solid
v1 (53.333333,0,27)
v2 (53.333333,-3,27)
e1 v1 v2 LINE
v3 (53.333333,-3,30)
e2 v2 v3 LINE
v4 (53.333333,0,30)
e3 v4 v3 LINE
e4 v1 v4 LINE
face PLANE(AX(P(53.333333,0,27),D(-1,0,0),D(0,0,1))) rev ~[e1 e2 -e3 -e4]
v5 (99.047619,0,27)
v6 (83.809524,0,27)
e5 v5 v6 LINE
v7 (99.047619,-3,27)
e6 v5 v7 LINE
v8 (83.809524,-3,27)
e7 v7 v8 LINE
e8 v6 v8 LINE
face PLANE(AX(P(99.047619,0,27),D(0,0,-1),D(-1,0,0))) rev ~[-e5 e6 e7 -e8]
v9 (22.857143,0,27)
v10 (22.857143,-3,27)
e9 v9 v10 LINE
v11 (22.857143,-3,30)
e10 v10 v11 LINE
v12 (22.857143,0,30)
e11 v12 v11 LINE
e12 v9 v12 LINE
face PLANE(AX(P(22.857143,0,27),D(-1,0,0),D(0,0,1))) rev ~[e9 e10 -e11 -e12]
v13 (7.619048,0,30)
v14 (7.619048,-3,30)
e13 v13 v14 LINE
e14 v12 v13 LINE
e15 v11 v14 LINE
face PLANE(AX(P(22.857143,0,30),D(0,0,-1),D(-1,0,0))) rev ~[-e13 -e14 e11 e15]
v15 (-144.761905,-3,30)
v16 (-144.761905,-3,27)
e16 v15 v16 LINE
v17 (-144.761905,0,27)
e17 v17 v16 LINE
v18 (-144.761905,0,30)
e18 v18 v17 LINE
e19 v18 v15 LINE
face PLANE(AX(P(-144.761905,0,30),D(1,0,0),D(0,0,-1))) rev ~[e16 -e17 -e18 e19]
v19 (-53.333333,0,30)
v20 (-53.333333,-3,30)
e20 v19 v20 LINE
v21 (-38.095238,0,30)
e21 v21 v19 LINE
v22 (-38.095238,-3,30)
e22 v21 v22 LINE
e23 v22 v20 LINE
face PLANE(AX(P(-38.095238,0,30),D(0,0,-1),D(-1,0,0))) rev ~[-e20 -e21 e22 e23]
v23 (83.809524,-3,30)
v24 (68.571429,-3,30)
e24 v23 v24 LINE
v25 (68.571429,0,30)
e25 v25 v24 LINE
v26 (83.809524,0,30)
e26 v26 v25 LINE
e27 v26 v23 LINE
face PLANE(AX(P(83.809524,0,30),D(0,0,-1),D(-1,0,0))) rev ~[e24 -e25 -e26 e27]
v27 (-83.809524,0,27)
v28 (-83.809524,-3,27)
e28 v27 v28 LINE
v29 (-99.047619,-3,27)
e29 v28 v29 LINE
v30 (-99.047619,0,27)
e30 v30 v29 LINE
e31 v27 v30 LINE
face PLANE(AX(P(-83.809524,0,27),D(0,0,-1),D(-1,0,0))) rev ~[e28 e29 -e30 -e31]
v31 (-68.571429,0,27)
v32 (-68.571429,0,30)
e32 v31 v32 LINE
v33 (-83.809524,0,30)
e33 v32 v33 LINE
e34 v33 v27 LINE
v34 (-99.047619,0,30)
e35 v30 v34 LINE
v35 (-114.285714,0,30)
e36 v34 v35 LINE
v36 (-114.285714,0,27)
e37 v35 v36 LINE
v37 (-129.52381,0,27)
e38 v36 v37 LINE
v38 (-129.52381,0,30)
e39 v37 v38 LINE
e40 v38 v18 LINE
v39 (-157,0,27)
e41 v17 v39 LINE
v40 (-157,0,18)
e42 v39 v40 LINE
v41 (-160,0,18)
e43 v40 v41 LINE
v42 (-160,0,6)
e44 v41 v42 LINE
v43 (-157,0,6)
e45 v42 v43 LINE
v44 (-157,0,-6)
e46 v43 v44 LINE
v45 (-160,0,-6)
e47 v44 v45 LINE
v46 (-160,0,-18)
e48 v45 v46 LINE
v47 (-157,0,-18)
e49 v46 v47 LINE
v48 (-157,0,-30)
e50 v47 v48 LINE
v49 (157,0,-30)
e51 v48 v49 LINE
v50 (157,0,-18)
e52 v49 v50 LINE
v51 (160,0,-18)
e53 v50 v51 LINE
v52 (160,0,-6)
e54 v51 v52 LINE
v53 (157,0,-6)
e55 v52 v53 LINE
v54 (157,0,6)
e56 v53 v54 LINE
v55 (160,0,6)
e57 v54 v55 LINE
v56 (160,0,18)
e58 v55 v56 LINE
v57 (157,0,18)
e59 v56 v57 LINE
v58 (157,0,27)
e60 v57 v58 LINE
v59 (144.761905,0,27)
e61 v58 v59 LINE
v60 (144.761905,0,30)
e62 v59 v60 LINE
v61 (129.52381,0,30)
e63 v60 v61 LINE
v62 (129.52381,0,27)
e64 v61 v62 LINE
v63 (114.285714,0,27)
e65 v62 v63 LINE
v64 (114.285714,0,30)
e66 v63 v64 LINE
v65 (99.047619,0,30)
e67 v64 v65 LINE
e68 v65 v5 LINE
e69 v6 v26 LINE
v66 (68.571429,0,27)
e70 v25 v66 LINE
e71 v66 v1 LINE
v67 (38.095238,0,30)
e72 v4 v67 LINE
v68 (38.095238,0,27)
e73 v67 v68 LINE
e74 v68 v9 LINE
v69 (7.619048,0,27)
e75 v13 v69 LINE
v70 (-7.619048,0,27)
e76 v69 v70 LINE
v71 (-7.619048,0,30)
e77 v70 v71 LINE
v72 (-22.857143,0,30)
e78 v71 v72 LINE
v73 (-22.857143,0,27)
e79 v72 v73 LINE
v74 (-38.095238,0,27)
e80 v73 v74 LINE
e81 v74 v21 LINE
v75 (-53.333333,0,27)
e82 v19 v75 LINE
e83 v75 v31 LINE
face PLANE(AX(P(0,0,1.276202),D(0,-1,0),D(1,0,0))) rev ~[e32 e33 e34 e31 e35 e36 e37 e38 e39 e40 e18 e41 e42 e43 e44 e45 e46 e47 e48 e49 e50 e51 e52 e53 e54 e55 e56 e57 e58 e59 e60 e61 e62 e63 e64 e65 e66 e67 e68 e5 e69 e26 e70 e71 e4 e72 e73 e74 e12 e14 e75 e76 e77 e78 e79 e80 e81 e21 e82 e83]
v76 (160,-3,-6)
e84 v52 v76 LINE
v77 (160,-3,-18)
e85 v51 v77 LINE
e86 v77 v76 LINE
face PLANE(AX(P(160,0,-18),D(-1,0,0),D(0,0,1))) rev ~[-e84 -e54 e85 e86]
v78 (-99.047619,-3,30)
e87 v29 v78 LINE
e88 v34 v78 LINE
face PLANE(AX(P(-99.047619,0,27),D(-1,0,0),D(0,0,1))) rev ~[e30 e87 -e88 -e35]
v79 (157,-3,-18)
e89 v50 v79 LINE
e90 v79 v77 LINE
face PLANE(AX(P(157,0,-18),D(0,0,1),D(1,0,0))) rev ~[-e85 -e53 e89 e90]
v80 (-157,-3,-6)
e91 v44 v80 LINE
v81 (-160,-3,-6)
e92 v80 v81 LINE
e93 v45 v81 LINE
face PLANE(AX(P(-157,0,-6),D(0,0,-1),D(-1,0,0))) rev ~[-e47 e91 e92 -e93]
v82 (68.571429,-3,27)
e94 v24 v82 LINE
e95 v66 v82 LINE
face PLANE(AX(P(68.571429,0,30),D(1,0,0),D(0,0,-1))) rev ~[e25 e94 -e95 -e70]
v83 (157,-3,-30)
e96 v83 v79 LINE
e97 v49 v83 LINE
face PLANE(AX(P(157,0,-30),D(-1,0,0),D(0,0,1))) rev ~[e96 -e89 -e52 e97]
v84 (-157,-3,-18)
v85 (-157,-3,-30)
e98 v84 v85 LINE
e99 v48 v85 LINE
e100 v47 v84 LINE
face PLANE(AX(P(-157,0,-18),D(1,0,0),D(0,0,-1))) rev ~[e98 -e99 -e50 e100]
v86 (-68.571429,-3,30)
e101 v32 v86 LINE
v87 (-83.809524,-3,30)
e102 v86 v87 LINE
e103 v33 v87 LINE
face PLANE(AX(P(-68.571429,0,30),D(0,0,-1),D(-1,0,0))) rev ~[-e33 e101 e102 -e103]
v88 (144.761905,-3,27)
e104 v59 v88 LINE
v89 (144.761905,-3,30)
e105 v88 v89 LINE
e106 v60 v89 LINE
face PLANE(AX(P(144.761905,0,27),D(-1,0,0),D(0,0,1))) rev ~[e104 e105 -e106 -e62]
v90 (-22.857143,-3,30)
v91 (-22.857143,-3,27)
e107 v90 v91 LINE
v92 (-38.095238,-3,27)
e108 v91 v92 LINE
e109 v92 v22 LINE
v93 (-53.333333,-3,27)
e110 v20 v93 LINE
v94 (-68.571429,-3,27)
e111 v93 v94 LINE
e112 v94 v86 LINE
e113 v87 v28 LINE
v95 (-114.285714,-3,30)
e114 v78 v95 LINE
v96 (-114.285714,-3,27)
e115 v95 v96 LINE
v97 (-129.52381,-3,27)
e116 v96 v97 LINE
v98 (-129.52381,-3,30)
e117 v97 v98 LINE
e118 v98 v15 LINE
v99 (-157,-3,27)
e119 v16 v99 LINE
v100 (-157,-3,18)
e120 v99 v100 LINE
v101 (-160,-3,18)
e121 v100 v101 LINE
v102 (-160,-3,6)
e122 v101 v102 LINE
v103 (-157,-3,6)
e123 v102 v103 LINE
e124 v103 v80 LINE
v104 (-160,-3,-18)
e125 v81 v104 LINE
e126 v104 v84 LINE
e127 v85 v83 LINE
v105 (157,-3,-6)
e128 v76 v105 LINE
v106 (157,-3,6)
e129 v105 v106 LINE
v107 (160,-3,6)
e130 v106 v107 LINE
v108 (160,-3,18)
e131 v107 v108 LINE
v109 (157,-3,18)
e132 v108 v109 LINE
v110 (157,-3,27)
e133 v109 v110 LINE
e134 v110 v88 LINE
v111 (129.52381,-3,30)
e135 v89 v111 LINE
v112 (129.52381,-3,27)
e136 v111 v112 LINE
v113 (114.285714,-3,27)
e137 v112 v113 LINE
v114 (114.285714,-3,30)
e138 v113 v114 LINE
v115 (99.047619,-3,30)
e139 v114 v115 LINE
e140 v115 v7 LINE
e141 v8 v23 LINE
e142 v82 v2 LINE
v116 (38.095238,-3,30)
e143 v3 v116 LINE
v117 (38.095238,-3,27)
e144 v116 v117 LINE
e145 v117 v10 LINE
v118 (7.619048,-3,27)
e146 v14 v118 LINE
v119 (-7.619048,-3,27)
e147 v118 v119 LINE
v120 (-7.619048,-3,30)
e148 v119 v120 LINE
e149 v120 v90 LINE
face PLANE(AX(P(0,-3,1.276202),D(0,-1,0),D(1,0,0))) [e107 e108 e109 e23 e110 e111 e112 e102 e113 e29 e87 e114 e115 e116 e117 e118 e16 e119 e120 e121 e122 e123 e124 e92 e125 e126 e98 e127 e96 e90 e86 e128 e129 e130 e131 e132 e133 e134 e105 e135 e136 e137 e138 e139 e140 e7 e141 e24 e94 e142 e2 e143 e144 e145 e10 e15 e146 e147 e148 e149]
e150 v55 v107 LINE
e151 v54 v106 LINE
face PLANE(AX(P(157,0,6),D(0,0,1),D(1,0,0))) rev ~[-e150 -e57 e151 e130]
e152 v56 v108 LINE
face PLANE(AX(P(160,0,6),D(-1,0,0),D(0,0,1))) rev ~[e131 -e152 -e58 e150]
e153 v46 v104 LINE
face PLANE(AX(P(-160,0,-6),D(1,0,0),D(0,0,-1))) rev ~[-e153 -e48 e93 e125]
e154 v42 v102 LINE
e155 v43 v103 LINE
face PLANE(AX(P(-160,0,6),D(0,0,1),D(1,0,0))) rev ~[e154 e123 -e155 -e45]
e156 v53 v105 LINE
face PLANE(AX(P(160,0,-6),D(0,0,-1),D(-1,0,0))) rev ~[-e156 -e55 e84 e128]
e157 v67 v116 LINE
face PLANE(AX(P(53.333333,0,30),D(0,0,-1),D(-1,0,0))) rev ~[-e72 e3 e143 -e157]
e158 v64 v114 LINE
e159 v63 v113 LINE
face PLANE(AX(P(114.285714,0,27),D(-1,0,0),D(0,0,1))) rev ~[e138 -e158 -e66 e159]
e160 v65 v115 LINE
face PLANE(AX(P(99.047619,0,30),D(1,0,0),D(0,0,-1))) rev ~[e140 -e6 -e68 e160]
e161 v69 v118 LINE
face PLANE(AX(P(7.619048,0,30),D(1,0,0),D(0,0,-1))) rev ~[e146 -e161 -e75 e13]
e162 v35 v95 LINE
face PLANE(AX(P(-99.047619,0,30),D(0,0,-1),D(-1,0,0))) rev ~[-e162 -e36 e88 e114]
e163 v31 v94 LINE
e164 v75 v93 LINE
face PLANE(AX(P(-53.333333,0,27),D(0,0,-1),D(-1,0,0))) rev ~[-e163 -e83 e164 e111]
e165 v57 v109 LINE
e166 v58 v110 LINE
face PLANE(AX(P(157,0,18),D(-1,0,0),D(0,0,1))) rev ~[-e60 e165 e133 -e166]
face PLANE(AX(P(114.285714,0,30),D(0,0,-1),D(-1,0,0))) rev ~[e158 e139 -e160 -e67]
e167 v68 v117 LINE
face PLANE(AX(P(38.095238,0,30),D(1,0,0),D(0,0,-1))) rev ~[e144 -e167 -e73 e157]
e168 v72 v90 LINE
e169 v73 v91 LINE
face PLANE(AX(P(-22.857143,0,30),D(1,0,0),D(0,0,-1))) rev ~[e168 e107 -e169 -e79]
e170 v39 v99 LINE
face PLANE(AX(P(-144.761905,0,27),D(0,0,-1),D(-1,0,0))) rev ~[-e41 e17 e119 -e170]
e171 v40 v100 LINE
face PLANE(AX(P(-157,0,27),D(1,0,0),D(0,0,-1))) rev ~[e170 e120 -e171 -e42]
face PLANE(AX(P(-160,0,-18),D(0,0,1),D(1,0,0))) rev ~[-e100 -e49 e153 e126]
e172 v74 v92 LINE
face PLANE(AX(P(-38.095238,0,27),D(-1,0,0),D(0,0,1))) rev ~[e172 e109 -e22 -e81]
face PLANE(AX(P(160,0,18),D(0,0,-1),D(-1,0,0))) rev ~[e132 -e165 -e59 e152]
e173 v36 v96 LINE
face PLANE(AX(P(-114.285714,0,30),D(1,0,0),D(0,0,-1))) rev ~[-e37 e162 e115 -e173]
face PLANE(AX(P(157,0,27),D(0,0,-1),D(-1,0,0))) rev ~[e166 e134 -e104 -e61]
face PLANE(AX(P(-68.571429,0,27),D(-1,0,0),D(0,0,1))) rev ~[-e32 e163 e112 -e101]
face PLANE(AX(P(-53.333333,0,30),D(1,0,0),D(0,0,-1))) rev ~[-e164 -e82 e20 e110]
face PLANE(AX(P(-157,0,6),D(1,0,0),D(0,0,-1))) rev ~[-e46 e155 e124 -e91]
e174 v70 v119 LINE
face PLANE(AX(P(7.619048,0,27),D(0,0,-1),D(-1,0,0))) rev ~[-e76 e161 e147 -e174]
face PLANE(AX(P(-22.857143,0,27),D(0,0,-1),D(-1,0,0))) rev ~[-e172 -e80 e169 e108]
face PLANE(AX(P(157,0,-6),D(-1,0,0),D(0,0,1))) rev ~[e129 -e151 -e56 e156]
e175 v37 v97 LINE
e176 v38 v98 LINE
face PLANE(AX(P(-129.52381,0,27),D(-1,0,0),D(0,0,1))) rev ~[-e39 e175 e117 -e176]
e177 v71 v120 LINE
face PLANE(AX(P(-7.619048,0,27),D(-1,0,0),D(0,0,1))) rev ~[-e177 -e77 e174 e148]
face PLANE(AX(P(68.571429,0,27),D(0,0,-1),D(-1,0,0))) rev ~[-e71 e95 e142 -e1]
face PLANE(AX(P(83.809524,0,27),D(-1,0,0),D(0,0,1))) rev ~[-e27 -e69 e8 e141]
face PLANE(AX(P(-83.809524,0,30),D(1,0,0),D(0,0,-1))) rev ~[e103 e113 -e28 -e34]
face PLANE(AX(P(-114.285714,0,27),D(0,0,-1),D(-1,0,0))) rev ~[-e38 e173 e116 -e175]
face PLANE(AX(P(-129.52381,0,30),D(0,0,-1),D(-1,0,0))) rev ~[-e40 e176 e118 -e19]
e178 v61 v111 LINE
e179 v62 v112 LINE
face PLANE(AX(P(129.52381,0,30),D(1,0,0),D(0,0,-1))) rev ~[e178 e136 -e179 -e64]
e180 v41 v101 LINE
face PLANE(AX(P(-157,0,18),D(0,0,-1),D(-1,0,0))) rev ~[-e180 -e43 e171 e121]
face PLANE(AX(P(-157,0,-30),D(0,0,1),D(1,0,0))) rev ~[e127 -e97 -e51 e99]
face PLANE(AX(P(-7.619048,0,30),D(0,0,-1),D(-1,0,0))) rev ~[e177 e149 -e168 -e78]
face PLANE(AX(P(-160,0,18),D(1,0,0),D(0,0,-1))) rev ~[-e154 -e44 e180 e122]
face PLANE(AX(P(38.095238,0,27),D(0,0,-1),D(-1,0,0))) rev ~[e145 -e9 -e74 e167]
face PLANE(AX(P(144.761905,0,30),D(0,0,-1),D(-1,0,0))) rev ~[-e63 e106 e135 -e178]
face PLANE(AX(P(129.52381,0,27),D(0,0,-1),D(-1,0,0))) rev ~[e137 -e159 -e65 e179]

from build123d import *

# Parameters (mm, degrees)
F1_DEPTH = 3


with BuildPart() as f1:
    # F0 (on Front) → F1 (new body)
    with BuildSketch(Plane.XZ):
        Polygon((-157, -30), (157, -30), (157, -18), (160, -18), (160, -6), (157, -6), (157, 6), (160, 6), (160, 18), (157, 18), (157, 27), (144.761905, 27), (144.761905, 30), (129.52381, 30), (129.52381, 27), (114.285714, 27), (114.285714, 30), (99.047619, 30), (99.047619, 27), (83.809524, 27), (83.809524, 30), (68.571429, 30), (68.571429, 27), (53.333333, 27), (53.333333, 30), (38.095238, 30), (38.095238, 27), (22.857143, 27), (22.857143, 30), (7.619048, 30), (7.619048, 27), (-7.619048, 27), (-7.619048, 30), (-22.857143, 30), (-22.857143, 27), (-38.095238, 27), (-38.095238, 30), (-53.333333, 30), (-53.333333, 27), (-68.571429, 27), (-68.571429, 30), (-83.809524, 30), (-83.809524, 27), (-99.047619, 27), (-99.047619, 30), (-114.285714, 30), (-114.285714, 27), (-129.52381, 27), (-129.52381, 30), (-144.761905, 30), (-144.761905, 27), (-157, 27), (-157, 18), (-160, 18), (-160, 6), (-157, 6), (-157, -6), (-160, -6), (-160, -18), (-157, -18), align=None)
    extrude(amount=F1_DEPTH)


solid = f1.part
